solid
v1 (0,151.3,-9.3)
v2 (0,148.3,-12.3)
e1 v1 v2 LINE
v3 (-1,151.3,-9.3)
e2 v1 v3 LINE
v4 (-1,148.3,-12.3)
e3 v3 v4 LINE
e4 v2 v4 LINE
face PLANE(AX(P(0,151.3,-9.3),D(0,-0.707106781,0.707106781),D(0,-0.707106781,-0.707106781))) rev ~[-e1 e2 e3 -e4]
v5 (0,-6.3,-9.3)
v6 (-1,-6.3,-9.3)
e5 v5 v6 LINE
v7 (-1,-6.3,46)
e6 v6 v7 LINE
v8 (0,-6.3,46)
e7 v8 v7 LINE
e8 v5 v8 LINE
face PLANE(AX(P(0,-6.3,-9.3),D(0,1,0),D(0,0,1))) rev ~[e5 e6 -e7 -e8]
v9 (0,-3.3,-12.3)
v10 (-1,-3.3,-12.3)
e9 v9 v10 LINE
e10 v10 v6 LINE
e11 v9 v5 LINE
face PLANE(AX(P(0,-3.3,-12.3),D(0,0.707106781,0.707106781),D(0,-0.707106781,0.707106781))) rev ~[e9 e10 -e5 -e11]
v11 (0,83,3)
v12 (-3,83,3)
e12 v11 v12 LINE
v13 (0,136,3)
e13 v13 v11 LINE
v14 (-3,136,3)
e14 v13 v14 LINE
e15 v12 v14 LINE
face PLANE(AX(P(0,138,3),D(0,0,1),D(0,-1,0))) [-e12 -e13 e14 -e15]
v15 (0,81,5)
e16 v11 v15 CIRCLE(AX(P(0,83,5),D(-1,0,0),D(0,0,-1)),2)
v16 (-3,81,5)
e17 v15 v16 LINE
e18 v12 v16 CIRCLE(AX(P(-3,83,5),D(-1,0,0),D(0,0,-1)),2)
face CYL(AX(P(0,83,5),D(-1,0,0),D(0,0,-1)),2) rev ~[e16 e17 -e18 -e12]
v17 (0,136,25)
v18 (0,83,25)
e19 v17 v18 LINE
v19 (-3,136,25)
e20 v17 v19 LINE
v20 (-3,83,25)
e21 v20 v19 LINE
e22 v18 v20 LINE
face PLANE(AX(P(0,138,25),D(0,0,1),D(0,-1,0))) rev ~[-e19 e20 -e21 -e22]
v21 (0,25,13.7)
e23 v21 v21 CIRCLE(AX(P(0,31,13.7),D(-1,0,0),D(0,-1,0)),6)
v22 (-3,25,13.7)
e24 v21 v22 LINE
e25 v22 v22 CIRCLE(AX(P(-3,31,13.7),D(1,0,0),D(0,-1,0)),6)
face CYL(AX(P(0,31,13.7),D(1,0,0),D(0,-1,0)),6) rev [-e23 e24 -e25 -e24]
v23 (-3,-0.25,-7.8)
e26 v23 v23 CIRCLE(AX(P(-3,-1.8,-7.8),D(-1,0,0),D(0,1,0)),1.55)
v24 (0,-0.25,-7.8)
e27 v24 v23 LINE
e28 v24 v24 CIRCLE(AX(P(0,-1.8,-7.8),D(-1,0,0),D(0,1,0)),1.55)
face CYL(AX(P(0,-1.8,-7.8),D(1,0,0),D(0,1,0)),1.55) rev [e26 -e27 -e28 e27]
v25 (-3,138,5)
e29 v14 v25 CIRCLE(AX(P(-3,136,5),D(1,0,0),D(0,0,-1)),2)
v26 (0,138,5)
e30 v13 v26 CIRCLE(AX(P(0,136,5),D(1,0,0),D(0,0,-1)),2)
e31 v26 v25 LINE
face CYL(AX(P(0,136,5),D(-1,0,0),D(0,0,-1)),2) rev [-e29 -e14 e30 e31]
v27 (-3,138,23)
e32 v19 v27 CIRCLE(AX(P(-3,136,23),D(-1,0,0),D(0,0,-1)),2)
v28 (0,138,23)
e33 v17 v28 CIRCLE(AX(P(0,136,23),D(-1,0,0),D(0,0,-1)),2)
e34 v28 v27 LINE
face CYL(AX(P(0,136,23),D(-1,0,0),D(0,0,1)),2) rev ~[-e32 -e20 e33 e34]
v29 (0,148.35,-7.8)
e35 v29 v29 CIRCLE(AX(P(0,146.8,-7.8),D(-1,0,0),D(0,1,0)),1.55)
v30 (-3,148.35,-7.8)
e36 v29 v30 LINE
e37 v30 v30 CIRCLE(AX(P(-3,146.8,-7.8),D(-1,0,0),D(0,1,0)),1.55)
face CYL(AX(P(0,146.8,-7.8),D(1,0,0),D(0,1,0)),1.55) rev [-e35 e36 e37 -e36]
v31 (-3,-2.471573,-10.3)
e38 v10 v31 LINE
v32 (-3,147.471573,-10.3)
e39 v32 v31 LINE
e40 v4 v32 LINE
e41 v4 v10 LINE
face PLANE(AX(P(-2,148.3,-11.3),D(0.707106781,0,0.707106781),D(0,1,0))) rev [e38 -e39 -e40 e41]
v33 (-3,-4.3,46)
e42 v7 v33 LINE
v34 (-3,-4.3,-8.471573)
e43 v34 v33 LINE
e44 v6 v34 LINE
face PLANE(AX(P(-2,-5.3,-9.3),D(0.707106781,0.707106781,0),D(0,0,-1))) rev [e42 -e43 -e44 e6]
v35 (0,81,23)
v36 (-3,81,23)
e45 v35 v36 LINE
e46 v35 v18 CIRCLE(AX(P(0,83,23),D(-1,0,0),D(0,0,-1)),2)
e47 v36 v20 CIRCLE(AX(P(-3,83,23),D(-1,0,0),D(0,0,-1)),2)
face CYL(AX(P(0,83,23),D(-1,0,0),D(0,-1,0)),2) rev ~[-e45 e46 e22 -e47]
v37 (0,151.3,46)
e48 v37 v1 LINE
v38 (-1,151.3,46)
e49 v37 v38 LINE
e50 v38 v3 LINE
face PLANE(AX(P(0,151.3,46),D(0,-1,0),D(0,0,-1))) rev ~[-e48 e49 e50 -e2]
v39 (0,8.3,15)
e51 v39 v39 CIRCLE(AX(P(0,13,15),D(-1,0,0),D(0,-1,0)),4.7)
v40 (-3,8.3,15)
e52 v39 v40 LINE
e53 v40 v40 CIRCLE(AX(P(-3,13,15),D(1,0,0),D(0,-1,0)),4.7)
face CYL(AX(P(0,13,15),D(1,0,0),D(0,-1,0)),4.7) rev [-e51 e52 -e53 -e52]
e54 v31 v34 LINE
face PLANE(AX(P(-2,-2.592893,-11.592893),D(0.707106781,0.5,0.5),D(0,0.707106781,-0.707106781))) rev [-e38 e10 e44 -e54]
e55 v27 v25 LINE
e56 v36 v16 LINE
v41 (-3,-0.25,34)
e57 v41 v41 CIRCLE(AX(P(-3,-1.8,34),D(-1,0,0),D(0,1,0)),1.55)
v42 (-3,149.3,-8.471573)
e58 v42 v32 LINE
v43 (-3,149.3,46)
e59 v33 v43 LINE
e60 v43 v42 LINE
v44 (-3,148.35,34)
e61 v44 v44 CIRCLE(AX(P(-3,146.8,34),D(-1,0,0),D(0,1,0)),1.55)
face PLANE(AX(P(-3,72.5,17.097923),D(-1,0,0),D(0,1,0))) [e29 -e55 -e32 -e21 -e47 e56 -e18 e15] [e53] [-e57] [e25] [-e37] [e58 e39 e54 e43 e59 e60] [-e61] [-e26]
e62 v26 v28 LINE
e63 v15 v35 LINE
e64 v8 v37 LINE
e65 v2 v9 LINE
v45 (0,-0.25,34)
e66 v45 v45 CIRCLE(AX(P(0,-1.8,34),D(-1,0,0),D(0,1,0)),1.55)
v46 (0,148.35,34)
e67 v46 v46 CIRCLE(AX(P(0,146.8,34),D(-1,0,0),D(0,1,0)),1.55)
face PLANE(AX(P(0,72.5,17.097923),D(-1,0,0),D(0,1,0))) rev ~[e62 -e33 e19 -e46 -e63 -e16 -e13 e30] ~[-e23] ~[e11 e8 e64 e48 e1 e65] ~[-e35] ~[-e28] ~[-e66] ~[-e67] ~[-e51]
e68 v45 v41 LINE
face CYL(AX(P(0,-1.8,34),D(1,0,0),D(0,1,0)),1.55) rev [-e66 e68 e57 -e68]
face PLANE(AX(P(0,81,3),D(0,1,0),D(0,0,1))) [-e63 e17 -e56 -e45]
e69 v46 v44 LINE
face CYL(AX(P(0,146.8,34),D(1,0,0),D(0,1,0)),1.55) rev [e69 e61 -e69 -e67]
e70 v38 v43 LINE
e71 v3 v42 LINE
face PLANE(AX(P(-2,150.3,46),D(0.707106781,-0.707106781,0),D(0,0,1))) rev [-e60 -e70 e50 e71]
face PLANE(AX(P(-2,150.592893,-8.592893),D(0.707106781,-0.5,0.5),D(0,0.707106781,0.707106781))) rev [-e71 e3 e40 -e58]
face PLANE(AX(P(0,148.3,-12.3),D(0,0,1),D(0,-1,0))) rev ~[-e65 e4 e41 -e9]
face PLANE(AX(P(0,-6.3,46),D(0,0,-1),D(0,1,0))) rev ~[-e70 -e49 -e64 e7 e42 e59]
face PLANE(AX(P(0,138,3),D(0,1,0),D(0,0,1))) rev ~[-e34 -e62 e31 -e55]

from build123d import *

# Parameters (mm, degrees)
SKETCH010_R     = 1.55
PAD005_DEPTH    = 3
SKETCH011_R     = 6
SKETCH011_R_2   = 4.7
SKETCH011_W     = 57
SKETCH011_H     = 22
POCKET005_DEPTH = 5
FILLET001_R     = 2
CHAMFER003_SIZE = 2


with BuildPart() as part:
    # Sketch010 (on ShapeBinder) → Pad005 (new body)
    with BuildSketch(Plane(origin=(0, 0, 0), x_dir=(0, 1, 0), z_dir=(-1, 0, 0))):
        Polygon((-6.3, -46), (151.3, -46), (151.3, 9.3), (148.3, 12.3), (-3.3, 12.3), (-6.3, 9.3), align=None)
        with Locations((-1.8, 7.8)):
            Circle(SKETCH010_R, mode=Mode.SUBTRACT)
        with Locations((-1.8, -34)):
            Circle(SKETCH010_R, mode=Mode.SUBTRACT)
        with Locations((146.8, 7.8)):
            Circle(SKETCH010_R, mode=Mode.SUBTRACT)
        with Locations((146.8, -34)):
            Circle(SKETCH010_R, mode=Mode.SUBTRACT)
    extrude(amount=PAD005_DEPTH)

    # Sketch011 (on ShapeBinder) → Pocket005 (cut)
    with BuildSketch(Plane(origin=(0, 0, 0), x_dir=(0, -1, 0), z_dir=(-1, 0, 0))):
        with Locations((-31, 13.7)):
            Circle(SKETCH011_R)
        with Locations((-13, 15)):
            Circle(SKETCH011_R_2)
        with Locations((-109.5, 14)):
            Rectangle(SKETCH011_W, SKETCH011_H)
    extrude(amount=POCKET005_DEPTH, mode=Mode.SUBTRACT)

    # Fillet001
    fillet001_edges = [part.edges().sort_by_distance(p)[0] for p in [
        (-1.5, 138, 3),
        (-1.5, 138, 25),
        (-1.5, 81, 25),
        (-1.5, 81, 3),
    ]]
    fillet(fillet001_edges, radius=FILLET001_R)

    # Chamfer003
    chamfer003_edges = [part.edges().sort_by_distance(p)[0] for p in [
        (-3, 72.5, -12.3),
        (-3, 151.3, 18.35),
        (-3, -6.3, 18.35),
        (-3, 149.8, -10.8),
        (-3, -4.8, -10.8),
    ]]
    chamfer(chamfer003_edges, length=CHAMFER003_SIZE)


solid = part.part
